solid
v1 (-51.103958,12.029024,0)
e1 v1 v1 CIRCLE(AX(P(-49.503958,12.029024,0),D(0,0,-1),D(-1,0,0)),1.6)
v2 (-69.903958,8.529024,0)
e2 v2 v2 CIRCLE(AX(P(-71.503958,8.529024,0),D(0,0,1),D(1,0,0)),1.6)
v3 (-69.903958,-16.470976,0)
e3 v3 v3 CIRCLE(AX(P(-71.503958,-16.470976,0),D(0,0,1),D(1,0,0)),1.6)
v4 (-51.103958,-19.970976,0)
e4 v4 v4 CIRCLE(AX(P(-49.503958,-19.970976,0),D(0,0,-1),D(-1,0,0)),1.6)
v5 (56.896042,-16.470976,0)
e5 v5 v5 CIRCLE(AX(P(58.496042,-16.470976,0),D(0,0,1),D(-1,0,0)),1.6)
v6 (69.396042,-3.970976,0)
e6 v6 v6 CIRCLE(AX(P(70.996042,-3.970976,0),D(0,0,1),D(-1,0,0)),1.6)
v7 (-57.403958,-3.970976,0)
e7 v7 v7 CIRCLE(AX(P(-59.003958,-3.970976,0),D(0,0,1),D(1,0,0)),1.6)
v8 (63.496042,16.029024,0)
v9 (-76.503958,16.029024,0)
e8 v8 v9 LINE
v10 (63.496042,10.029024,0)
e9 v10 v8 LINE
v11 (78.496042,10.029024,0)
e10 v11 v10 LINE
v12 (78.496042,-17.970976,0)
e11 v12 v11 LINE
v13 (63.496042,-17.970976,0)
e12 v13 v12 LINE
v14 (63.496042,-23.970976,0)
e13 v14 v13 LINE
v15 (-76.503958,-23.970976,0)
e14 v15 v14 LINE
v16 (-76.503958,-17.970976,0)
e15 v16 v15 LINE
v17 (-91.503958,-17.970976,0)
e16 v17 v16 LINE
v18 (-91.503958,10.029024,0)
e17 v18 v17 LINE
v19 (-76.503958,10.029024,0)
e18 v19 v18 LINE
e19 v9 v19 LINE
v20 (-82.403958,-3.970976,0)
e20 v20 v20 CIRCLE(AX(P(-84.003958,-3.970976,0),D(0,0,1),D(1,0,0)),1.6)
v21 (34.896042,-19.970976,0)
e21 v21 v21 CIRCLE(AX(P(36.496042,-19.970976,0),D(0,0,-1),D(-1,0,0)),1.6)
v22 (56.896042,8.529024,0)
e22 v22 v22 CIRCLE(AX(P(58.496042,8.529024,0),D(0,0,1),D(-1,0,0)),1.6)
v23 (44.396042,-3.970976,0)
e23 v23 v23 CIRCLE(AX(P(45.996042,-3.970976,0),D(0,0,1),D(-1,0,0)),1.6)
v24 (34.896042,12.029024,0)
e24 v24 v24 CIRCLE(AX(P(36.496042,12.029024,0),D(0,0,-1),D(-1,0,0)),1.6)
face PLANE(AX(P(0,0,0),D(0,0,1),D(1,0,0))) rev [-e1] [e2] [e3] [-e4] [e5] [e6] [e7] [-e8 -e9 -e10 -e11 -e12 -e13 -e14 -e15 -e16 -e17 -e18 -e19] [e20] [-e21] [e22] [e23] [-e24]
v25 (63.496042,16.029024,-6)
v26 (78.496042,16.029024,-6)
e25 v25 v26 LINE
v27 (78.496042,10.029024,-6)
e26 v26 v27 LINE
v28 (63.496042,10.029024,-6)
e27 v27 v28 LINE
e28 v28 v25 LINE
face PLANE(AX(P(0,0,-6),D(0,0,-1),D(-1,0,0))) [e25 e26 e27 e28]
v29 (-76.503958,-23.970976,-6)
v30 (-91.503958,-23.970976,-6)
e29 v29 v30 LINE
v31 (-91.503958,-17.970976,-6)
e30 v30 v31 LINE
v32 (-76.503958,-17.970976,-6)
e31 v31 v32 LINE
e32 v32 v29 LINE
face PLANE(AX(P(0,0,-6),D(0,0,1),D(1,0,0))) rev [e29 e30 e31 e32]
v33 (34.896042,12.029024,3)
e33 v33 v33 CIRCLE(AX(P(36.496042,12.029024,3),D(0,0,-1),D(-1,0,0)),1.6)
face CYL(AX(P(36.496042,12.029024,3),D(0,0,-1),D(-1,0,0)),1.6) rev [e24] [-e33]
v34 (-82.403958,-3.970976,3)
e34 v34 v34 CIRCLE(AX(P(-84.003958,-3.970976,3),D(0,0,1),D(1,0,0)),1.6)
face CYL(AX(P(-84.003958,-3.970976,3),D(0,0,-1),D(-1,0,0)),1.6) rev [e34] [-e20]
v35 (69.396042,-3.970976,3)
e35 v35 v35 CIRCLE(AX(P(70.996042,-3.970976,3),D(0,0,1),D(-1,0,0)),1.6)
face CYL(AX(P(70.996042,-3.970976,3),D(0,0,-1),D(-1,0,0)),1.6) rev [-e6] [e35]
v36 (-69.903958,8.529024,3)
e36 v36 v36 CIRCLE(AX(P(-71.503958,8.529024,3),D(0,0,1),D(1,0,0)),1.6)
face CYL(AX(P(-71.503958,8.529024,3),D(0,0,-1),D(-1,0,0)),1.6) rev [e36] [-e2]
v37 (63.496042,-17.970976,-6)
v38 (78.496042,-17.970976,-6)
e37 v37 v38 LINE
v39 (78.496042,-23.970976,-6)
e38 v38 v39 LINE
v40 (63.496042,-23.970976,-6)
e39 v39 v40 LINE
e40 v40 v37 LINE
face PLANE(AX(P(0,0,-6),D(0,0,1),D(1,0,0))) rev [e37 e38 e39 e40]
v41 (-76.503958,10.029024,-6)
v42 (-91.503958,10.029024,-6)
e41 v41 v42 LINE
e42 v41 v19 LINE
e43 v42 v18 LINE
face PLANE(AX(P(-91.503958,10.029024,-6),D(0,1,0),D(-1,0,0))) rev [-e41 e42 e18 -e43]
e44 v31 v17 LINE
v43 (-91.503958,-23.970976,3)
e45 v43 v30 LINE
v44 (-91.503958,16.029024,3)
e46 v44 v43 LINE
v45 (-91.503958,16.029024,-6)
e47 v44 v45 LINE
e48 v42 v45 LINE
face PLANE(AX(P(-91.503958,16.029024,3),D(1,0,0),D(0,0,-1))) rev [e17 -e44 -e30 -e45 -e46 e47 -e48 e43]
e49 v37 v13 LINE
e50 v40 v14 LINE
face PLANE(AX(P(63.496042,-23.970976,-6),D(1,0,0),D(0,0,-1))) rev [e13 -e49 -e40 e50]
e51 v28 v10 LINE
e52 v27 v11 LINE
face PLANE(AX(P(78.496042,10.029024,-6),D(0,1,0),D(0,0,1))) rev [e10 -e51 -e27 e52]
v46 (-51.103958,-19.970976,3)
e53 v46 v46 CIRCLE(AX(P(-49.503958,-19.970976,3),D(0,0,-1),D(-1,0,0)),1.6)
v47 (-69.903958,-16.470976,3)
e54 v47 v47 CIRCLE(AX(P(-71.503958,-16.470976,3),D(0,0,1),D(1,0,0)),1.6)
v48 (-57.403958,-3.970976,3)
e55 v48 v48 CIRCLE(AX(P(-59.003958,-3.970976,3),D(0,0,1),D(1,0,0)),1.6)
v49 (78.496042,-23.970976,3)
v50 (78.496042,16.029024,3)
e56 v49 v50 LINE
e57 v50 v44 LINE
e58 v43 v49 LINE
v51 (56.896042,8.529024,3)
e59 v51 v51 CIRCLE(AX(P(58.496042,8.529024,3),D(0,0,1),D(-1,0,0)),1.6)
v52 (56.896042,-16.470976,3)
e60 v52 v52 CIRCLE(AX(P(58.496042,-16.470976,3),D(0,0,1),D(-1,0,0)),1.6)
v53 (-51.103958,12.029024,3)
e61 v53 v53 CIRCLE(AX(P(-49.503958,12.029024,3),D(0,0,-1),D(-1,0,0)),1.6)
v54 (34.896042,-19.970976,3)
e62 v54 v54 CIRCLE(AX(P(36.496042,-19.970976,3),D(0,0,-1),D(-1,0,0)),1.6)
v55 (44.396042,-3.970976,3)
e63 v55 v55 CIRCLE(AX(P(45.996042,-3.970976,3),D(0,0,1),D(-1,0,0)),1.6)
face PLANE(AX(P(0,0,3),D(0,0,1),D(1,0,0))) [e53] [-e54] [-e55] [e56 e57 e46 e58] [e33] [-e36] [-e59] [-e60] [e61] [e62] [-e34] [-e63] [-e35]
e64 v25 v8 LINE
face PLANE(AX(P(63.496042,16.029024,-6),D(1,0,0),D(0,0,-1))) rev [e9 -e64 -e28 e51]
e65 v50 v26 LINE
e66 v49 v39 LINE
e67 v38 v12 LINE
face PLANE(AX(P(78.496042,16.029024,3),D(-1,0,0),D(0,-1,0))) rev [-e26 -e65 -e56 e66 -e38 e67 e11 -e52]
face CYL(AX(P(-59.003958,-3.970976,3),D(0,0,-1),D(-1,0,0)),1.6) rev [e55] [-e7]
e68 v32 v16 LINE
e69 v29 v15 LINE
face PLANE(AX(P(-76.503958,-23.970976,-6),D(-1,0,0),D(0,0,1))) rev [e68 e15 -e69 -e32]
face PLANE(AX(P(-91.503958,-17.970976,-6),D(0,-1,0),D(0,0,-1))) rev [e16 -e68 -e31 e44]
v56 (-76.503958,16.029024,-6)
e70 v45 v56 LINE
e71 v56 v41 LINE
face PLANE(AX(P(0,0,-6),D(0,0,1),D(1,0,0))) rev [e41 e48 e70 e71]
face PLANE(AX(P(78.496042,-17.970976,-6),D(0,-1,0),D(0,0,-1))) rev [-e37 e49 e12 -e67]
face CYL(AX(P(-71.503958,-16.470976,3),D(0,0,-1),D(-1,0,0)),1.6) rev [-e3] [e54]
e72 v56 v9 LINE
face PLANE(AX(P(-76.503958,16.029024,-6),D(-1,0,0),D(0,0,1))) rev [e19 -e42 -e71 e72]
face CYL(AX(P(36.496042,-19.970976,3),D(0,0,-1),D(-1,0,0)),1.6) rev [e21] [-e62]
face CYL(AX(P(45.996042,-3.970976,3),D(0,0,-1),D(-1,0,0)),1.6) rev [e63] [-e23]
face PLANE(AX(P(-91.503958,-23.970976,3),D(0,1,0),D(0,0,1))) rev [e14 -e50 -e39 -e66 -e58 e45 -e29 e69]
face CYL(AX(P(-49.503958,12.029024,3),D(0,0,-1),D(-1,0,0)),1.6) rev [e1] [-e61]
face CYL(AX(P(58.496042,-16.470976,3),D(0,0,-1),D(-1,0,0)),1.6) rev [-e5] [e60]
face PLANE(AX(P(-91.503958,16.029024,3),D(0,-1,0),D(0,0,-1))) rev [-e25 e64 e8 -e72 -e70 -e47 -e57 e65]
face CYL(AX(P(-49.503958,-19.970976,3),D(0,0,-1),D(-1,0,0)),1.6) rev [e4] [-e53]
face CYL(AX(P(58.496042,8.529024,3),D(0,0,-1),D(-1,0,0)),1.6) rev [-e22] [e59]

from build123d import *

# Parameters (mm, degrees)
SKETCH_1_W          = 170
SKETCH_1_H          = 40
SKETCH_1_R          = 1.6
EXTRUDE_1_DEPTH     = 3
SKETCH_2_R          = 1.6
CUT_EXTRUDE_1_DEPTH = 4
SKETCH_3_W          = 15
SKETCH_3_H          = 6
EXTRUDE_2_DEPTH     = 6


with BuildPart() as part:
    # 草图1 → 凸台-拉伸1 (new body)
    with BuildSketch(Plane.XY):
        with Locations((-6.503957784, -3.970976253)):
            Rectangle(SKETCH_1_W, SKETCH_1_H)
        with Locations((-71.503957784, 8.529023747)):
            Circle(SKETCH_1_R, mode=Mode.SUBTRACT)
        with Locations((-59.003957784, -3.970976253)):
            Circle(SKETCH_1_R, mode=Mode.SUBTRACT)
        with Locations((-71.503957784, -16.470976253)):
            Circle(SKETCH_1_R, mode=Mode.SUBTRACT)
        with Locations((-84.003957784, -3.970976253)):
            Circle(SKETCH_1_R, mode=Mode.SUBTRACT)
        with Locations((70.996042216, -3.970976253)):
            Circle(SKETCH_1_R, mode=Mode.SUBTRACT)
        with Locations((58.496042216, 8.529023747)):
            Circle(SKETCH_1_R, mode=Mode.SUBTRACT)
        with Locations((58.496042216, -16.470976253)):
            Circle(SKETCH_1_R, mode=Mode.SUBTRACT)
        with Locations((45.996042216, -3.970976253)):
            Circle(SKETCH_1_R, mode=Mode.SUBTRACT)
    extrude(amount=EXTRUDE_1_DEPTH)

    # 草图2 → 切除-拉伸1 (cut, through all)
    with BuildSketch(Plane(origin=(0, 0, 0), x_dir=(-1, 0, 0), z_dir=(0, 0, -1))):
        with Locations((-36.496042216, 12.029023747)):
            Circle(SKETCH_2_R)
        with Locations((-36.496042216, -19.970976253)):
            Circle(SKETCH_2_R)
        with Locations((49.503957784, 12.029023747)):
            Circle(SKETCH_2_R)
        with Locations((49.503957784, -19.970976253)):
            Circle(SKETCH_2_R)
    extrude(amount=-CUT_EXTRUDE_1_DEPTH, mode=Mode.SUBTRACT)

    # 草图3 → 凸台-拉伸2 (add)
    with BuildSketch(Plane(origin=(0, 0, 0), x_dir=(-1, 0, 0), z_dir=(0, 0, -1))):
        with Locations((-70.996042216, 13.029023747)):
            Rectangle(SKETCH_3_W, SKETCH_3_H)
        with Locations((-70.996042216, -20.970976253)):
            Rectangle(SKETCH_3_W, SKETCH_3_H)
        with Locations((84.003957784, 13.029023747)):
            Rectangle(SKETCH_3_W, SKETCH_3_H)
        with Locations((84.003957784, -20.970976253)):
            Rectangle(SKETCH_3_W, SKETCH_3_H)
    extrude(amount=EXTRUDE_2_DEPTH)


solid = part.part
